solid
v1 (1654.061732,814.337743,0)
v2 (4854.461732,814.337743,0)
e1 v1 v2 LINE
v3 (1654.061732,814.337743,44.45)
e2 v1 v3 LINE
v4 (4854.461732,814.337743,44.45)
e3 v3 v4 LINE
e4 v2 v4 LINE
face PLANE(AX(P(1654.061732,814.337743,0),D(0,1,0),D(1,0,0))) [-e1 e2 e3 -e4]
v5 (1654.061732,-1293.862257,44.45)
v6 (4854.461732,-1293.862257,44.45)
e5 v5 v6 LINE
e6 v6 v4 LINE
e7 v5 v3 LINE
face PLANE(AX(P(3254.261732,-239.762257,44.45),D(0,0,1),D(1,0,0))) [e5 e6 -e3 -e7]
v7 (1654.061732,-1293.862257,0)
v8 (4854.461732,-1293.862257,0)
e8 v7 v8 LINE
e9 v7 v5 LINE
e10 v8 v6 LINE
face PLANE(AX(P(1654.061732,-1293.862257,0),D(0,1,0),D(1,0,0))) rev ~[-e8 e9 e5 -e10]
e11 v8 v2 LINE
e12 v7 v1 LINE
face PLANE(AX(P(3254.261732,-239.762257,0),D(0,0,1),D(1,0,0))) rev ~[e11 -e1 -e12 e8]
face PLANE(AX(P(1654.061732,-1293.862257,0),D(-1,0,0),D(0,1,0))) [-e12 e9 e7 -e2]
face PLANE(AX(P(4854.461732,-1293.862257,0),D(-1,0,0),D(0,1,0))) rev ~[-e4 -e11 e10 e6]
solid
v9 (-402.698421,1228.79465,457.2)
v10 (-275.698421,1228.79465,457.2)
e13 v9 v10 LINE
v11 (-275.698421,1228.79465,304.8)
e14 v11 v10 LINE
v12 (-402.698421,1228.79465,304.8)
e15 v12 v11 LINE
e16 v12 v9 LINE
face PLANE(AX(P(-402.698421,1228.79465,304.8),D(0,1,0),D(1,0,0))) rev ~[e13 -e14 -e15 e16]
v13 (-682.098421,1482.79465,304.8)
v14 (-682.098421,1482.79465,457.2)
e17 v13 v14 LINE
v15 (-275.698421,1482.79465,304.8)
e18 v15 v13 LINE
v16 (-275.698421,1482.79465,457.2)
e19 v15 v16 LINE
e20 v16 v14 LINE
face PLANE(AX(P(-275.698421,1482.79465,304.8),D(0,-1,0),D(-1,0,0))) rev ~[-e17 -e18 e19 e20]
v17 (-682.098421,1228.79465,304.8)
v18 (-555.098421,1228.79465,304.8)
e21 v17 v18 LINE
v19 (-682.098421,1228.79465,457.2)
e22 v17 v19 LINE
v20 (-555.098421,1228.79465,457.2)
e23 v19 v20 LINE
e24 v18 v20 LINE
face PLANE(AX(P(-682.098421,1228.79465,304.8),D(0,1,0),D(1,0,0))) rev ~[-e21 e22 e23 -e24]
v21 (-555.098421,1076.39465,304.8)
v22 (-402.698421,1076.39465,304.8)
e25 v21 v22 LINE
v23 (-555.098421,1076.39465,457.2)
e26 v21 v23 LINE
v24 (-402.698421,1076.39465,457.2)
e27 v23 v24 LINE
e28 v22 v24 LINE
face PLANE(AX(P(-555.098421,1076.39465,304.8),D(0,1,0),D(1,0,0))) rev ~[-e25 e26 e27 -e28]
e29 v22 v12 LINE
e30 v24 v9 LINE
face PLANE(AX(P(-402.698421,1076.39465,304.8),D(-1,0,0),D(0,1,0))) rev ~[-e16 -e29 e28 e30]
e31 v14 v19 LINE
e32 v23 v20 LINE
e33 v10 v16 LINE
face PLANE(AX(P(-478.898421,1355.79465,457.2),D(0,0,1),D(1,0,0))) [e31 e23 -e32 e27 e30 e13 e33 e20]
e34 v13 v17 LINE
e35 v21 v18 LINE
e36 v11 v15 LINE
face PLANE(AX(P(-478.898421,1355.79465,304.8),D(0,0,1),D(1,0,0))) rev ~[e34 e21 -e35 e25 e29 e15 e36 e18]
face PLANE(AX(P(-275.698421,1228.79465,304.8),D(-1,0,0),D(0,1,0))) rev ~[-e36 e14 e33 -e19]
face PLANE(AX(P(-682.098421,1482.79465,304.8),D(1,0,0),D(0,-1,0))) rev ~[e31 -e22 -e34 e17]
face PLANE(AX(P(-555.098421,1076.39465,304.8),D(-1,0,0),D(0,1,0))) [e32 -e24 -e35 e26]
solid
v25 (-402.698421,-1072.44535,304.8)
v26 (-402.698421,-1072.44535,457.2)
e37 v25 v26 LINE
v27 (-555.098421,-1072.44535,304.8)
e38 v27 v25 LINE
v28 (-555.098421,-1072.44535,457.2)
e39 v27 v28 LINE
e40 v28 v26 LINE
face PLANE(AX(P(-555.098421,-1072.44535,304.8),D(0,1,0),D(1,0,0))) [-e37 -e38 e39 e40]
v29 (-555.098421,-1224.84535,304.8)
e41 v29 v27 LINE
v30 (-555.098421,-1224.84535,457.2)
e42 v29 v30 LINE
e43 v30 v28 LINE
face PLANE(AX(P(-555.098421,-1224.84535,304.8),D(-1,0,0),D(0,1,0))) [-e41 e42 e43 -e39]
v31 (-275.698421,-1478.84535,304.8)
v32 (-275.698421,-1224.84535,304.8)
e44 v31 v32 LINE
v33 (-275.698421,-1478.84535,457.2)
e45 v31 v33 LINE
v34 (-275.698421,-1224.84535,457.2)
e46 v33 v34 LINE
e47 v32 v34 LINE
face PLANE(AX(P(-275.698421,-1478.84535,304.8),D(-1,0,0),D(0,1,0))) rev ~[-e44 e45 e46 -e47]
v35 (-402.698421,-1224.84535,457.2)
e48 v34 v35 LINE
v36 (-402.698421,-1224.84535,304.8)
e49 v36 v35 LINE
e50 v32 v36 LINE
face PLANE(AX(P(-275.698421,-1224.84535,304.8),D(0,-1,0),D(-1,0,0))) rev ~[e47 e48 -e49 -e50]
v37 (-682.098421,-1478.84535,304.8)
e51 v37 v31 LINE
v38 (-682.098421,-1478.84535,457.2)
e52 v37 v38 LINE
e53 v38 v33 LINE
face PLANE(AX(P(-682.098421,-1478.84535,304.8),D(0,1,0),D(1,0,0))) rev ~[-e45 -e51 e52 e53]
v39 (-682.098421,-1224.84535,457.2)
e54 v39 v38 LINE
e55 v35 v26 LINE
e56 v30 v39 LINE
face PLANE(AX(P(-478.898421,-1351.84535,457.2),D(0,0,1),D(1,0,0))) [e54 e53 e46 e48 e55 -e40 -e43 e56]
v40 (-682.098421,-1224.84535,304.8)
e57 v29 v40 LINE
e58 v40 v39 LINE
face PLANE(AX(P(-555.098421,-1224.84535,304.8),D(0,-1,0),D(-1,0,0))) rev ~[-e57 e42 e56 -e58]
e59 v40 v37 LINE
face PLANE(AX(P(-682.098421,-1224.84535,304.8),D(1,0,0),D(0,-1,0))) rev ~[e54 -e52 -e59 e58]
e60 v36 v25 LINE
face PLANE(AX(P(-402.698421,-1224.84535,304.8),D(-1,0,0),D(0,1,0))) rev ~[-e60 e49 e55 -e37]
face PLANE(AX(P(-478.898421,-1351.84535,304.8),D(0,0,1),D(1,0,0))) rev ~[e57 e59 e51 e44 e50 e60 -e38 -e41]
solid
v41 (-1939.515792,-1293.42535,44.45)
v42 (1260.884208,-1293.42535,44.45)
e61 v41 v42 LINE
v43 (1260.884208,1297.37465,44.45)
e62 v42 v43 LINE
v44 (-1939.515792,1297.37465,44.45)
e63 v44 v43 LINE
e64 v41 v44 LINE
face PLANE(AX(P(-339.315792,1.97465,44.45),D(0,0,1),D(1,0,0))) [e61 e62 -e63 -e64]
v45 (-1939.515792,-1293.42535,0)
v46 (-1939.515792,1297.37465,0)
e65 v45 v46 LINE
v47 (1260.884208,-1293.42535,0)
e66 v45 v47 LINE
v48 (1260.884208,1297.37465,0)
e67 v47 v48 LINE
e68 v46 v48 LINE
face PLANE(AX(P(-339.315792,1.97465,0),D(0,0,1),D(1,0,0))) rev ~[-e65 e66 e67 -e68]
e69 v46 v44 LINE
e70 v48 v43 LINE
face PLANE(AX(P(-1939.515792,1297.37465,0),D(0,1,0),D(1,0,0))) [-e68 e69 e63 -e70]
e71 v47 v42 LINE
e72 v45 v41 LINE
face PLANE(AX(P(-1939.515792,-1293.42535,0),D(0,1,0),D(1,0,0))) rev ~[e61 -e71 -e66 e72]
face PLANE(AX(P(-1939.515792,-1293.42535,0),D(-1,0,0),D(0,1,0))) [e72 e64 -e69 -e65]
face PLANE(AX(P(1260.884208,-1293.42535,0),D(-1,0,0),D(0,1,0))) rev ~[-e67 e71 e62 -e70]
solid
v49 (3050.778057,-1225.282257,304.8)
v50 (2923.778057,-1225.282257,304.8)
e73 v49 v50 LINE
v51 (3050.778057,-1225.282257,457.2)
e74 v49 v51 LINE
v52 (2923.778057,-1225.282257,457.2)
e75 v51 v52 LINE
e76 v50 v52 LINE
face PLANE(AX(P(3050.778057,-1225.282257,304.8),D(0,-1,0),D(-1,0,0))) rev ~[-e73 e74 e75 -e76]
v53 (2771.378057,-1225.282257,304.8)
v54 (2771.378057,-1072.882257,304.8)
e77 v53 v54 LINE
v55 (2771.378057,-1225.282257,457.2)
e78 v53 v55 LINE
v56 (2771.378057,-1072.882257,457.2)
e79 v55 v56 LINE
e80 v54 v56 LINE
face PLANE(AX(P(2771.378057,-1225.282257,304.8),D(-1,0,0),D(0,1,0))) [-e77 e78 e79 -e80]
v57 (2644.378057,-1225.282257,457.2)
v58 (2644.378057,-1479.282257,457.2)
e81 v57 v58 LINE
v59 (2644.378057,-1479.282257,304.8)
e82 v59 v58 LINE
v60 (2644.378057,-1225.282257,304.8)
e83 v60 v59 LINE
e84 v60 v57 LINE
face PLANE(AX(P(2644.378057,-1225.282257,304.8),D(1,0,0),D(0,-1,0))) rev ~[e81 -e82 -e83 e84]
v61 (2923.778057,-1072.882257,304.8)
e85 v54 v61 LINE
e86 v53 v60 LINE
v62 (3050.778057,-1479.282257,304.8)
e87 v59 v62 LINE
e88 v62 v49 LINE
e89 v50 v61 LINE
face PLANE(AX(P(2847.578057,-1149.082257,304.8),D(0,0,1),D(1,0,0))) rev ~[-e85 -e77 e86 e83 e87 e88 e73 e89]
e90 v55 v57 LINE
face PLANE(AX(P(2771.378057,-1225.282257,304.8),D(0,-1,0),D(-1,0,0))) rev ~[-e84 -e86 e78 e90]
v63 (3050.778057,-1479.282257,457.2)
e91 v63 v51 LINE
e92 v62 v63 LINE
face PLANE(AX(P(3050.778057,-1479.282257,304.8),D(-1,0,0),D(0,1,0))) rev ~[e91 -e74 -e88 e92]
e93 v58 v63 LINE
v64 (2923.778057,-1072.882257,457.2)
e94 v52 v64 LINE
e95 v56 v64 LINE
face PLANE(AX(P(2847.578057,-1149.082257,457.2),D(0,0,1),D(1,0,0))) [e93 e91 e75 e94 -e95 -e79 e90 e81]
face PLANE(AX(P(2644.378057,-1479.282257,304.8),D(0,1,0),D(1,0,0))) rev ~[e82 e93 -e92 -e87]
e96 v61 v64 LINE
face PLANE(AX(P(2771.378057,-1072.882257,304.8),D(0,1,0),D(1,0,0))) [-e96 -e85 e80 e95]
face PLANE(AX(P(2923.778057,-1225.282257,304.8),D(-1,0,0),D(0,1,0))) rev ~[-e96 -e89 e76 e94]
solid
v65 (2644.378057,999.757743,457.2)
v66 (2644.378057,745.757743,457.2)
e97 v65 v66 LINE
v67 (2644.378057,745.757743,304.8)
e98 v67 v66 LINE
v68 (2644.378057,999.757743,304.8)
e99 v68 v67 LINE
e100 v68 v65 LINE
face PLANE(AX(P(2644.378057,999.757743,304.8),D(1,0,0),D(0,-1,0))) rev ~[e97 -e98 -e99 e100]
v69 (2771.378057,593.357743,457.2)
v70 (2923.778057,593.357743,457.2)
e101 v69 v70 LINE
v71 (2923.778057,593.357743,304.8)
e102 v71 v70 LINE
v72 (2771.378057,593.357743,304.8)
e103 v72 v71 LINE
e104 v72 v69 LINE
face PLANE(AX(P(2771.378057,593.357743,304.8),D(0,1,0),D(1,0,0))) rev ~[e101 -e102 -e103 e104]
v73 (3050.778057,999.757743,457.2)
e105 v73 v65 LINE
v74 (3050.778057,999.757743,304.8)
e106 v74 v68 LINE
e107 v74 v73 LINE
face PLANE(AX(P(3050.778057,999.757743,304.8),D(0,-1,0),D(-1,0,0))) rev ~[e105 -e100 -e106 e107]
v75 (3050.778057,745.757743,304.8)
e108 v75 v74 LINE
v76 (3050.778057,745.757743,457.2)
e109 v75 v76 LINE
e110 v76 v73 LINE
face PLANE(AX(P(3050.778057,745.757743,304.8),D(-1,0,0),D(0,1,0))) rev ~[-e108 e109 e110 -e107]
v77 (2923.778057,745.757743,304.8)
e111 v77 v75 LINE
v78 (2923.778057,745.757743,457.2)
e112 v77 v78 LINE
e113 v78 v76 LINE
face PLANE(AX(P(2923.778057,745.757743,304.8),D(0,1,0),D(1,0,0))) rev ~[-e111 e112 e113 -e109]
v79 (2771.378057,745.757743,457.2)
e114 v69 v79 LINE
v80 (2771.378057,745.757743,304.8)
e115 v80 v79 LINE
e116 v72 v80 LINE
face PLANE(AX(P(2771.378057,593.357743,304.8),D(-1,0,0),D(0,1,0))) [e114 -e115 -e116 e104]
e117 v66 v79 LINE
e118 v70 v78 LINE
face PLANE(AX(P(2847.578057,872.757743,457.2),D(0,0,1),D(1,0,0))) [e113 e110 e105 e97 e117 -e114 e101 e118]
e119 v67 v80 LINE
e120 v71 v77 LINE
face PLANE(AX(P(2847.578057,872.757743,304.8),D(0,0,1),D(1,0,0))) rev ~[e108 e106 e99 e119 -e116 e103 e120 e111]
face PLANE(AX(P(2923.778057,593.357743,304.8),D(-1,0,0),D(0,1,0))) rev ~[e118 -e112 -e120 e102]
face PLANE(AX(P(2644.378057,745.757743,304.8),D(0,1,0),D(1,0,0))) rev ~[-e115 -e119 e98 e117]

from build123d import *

# Parameters (mm, degrees)
F0_W      = 3200.4
F0_H      = 2590.8
F1_DEPTH  = 44.45
F2_W      = 3200.4
F2_H      = 2108.2
F3_DEPTH  = 44.45
F7_W      = 152.4
F7_H      = 152.4
F8_DEPTH  = 152.4
F9_W      = 152.4
F9_H      = 152.4
F10_DEPTH = 152.4


with BuildPart() as f1:
    # F0 (on Top) → F1 (new body)
    with BuildSketch(Plane.XY):
        with Locations((-339.315792, 1.97465)):
            Rectangle(F0_W, F0_H)
    extrude(amount=F1_DEPTH)


with BuildPart() as f3:
    # F2 (on Top) → F3 (new body)
    with BuildSketch(Plane.XY):
        with Locations((3254.261732, -239.762257)):
            Rectangle(F2_W, F2_H)
    extrude(amount=F3_DEPTH)


with BuildPart() as f8:
    # F7 (on offset) → F8 (new body)
    with BuildSketch(Plane.XY.offset(304.8)):
        Polygon((-275.698421, 1482.79465), (-682.098421, 1482.79465), (-682.098421, 1228.79465), (-555.098421, 1228.79465), (-402.698421, 1228.79465), (-275.698421, 1228.79465), align=None)
        with Locations((-478.898421, 1152.59465)):
            Rectangle(F7_W, F7_H)
        Polygon((-555.098421, -1224.84535), (-682.098421, -1224.84535), (-682.098421, -1478.84535), (-275.698421, -1478.84535), (-275.698421, -1224.84535), (-402.698421, -1224.84535), align=None)
        with Locations((-478.898421, -1148.64535)):
            Rectangle(F7_W, F7_H)
    extrude(amount=F8_DEPTH)


with BuildPart() as f10:
    # F9 (on offset) → F10 (new body)
    with BuildSketch(Plane.XY.offset(304.8)):
        Polygon((2644.378057, 745.757743), (2771.378057, 745.757743), (2923.778057, 745.757743), (3050.778057, 745.757743), (3050.778057, 999.757743), (2644.378057, 999.757743), align=None)
        with Locations((2847.578057, 669.557743)):
            Rectangle(F9_W, F9_H)
        with Locations((2847.578057, -1149.082257)):
            Rectangle(F9_W, F9_H)
        Polygon((2923.778057, -1225.282257), (2771.378057, -1225.282257), (2644.378057, -1225.282257), (2644.378057, -1479.282257), (3050.778057, -1479.282257), (3050.778057, -1225.282257), align=None)
    extrude(amount=F10_DEPTH)


solid = Compound([f1.part, f3.part, f8.part, f10.part])
